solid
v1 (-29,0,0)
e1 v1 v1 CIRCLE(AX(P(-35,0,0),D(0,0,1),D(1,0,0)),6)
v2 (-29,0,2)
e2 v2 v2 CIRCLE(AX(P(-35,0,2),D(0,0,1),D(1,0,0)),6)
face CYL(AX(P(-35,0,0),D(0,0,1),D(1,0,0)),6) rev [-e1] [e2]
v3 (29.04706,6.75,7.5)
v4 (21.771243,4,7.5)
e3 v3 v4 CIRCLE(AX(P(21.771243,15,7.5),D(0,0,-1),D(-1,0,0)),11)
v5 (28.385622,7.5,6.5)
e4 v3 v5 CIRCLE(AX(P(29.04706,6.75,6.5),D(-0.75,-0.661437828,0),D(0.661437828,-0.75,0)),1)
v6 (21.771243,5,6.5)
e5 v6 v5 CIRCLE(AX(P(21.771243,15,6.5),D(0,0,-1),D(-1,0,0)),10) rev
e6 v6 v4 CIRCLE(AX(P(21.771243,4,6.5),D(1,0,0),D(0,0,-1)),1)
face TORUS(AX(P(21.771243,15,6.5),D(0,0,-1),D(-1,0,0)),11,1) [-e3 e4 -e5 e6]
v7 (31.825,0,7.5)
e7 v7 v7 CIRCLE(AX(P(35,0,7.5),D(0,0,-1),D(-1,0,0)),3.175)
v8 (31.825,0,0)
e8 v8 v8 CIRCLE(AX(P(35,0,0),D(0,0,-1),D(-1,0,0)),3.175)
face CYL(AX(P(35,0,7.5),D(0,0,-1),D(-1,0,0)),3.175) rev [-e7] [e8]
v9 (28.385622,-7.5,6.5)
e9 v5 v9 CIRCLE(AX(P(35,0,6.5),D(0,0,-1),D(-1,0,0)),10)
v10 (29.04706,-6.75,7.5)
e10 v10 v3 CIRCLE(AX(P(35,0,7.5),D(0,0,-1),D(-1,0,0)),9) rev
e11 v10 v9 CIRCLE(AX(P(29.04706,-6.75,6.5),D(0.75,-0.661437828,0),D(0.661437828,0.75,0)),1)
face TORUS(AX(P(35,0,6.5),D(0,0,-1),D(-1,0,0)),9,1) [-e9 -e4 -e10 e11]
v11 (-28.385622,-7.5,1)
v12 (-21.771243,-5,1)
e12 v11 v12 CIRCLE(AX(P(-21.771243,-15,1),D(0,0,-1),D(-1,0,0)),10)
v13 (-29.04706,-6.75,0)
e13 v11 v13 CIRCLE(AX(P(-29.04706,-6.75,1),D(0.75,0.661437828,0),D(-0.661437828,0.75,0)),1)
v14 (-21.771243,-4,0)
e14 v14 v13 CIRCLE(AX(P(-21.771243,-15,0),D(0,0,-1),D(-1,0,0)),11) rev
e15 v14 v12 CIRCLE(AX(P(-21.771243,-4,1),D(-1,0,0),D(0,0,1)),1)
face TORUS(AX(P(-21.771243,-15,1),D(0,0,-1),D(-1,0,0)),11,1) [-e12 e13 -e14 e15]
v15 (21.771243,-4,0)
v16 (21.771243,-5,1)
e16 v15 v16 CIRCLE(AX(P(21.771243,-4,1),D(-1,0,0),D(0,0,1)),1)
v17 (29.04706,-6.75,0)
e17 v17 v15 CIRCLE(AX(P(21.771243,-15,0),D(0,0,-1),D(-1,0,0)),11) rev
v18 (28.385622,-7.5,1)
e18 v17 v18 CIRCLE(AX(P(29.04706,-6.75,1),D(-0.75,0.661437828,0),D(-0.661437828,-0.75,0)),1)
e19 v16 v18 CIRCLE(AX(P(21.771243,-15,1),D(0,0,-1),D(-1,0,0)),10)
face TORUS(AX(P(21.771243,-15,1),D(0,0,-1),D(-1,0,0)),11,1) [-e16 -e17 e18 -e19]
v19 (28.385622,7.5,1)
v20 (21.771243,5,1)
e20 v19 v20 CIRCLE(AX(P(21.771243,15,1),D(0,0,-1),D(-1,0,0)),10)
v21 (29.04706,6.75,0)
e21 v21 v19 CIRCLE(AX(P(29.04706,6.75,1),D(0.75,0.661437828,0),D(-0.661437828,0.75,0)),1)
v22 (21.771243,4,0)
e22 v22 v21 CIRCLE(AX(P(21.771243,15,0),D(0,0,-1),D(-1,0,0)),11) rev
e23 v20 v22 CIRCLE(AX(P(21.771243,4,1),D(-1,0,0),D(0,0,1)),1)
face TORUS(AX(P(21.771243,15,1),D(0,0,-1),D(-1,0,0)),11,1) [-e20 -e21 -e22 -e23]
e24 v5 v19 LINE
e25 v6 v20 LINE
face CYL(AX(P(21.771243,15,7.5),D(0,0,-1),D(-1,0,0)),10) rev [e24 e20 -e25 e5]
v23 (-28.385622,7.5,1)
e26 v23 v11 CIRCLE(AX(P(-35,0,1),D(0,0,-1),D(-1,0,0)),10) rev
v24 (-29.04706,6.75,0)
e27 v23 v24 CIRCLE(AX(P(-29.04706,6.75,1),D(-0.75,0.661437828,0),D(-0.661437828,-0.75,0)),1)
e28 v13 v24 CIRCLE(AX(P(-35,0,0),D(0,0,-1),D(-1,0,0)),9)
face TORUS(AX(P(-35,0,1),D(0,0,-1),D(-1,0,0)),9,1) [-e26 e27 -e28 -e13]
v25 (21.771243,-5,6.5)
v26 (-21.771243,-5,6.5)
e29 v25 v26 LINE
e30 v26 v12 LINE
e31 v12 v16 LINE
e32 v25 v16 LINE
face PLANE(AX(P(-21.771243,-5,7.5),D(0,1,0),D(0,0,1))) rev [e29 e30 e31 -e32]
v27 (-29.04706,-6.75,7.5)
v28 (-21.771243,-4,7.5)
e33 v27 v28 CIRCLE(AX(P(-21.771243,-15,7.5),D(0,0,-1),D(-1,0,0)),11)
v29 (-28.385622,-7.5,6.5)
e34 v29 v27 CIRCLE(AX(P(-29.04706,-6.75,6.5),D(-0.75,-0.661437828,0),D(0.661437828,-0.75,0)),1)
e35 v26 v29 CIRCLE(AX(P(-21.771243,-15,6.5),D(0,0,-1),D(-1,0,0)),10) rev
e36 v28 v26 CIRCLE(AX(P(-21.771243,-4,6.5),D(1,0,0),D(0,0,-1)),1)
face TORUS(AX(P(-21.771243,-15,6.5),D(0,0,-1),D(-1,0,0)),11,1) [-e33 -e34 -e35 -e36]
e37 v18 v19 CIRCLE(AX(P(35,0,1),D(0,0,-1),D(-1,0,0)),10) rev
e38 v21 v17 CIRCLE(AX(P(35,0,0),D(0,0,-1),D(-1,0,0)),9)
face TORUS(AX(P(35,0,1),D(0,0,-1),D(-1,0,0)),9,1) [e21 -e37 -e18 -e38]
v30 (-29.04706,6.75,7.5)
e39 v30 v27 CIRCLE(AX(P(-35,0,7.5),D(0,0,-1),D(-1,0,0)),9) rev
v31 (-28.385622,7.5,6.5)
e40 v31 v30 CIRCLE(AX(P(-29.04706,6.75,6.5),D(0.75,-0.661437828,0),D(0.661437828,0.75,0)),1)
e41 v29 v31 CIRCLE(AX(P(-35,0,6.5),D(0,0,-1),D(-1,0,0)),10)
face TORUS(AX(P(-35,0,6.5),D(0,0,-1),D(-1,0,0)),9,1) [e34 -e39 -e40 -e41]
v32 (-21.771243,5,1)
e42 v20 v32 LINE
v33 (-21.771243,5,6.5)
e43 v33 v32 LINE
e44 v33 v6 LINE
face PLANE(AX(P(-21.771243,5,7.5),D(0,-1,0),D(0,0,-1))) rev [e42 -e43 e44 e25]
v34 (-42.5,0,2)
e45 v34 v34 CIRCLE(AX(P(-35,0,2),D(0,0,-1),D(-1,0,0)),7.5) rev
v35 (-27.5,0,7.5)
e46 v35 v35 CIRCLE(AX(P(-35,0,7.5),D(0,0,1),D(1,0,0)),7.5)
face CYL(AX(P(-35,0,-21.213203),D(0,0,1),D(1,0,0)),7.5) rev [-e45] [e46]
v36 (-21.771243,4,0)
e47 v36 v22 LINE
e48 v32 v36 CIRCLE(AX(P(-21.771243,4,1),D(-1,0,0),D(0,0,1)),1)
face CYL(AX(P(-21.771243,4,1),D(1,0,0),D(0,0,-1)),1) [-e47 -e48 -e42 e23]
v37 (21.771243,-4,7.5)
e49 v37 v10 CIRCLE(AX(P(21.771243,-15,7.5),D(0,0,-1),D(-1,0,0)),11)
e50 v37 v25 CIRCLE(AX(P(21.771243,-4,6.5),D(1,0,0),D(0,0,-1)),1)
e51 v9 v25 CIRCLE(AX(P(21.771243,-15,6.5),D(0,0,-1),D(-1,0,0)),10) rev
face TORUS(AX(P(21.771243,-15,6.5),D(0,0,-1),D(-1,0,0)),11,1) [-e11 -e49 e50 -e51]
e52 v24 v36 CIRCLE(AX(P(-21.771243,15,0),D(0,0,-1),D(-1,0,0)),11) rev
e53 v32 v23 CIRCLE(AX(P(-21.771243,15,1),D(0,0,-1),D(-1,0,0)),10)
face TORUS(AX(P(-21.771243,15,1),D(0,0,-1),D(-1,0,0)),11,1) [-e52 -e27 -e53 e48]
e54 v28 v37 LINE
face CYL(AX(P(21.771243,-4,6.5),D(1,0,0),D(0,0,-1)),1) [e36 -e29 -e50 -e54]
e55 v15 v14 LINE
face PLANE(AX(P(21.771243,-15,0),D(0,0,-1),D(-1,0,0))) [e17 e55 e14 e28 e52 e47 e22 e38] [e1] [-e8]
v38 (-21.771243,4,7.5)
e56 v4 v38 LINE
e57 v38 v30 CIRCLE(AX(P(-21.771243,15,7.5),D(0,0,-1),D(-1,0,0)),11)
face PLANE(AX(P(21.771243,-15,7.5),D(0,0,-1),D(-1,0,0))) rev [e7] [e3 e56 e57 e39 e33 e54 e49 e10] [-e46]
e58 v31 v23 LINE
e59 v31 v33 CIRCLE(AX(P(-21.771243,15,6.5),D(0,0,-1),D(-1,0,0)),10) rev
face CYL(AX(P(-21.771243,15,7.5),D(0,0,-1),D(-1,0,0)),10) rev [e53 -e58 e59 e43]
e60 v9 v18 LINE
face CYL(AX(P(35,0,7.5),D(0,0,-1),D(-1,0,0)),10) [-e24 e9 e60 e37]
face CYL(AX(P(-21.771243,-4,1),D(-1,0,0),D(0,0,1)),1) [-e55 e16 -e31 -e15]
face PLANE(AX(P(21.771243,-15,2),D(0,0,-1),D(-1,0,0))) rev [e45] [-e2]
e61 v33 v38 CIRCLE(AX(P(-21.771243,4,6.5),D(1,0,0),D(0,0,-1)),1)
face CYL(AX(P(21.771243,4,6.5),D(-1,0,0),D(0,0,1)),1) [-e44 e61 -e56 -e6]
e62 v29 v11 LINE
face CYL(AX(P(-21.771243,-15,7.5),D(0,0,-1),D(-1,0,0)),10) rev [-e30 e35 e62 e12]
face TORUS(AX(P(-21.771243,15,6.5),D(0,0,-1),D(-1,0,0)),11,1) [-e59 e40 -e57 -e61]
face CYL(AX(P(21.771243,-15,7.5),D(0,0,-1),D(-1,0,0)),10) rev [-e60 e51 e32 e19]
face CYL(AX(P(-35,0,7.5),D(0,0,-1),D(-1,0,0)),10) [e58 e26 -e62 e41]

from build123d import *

# Parameters (mm, degrees)
BOSS_EXTRUDE1_DEPTH = 7.5
SKETCH2_R           = 7.5
CUT_EXTRUDE1_DEPTH  = 5.5
SKETCH3_R           = 6
CUT_EXTRUDE2_DEPTH  = 3
SKETCH4_R           = 3.175
CUT_EXTRUDE3_DEPTH  = 8.5
FILLET1_R           = 1


with BuildPart() as part:
    # Sketch1 → Boss-Extrude1 (new body)
    with BuildSketch(Plane.XY):
        with BuildLine():
            Line((-21.771243445, 5), (21.771243445, 5))
            ThreePointArc((21.771243445, 5), (25.306777351, 5.645856533), (28.385621722, 7.5))
            ThreePointArc((28.385621722, 7.5), (45, 0), (28.385621722, -7.5))
            ThreePointArc((28.385621722, -7.5), (25.306777351, -5.645856533), (21.771243445, -5))
            Line((21.771243445, -5), (-21.771243445, -5))
            ThreePointArc((-21.771243445, -5), (-25.306777351, -5.645856533), (-28.385621722, -7.5))
            ThreePointArc((-28.385621722, -7.5), (-45, 0), (-28.385621722, 7.5))
            ThreePointArc((-28.385621722, 7.5), (-25.306777351, 5.645856533), (-21.771243445, 5))
        make_face()
    extrude(amount=BOSS_EXTRUDE1_DEPTH)

    # Sketch2 → Cut-Extrude1 (cut)
    with BuildSketch(Plane.XY.offset(7.5)):
        with Locations((-35, 0)):
            Circle(SKETCH2_R)
    extrude(amount=-CUT_EXTRUDE1_DEPTH, mode=Mode.SUBTRACT)

    # Sketch3 → Cut-Extrude2 (cut, through all)
    with BuildSketch(Plane.XY.offset(2)):
        with Locations((-35, 0)):
            Circle(SKETCH3_R)
    extrude(amount=-CUT_EXTRUDE2_DEPTH, mode=Mode.SUBTRACT)

    # Sketch4 → Cut-Extrude3 (cut, through all)
    with BuildSketch(Plane(origin=(0, 0, 0), x_dir=(-1, 0, 0), z_dir=(0, 0, -1))):
        with Locations((-35, 0)):
            Circle(SKETCH4_R)
    extrude(amount=-CUT_EXTRUDE3_DEPTH, mode=Mode.SUBTRACT)

    # Fillet1
    fillet1_edges = [part.edges().sort_by_distance(p)[0] for p in [
        (25.306777351, 5.645856533, 7.5),
        (45, 0, 0),
        (25.306777351, -5.645856533, 0),
        (0, 5, 7.5),
        (-25.306777351, 5.645856533, 7.5),
        (-45, 0, 7.5),
        (-25.306777351, -5.645856533, 7.5),
        (0, -5, 7.5),
        (25.306777351, -5.645856533, 7.5),
        (45, 0, 7.5),
        (0, -5, 0),
        (-25.306777351, -5.645856533, 0),
        (-45, 0, 0),
        (-25.306777351, 5.645856533, 0),
        (0, 5, 0),
        (25.306777351, 5.645856533, 0),
    ]]
    fillet(fillet1_edges, radius=FILLET1_R)


solid = part.part
